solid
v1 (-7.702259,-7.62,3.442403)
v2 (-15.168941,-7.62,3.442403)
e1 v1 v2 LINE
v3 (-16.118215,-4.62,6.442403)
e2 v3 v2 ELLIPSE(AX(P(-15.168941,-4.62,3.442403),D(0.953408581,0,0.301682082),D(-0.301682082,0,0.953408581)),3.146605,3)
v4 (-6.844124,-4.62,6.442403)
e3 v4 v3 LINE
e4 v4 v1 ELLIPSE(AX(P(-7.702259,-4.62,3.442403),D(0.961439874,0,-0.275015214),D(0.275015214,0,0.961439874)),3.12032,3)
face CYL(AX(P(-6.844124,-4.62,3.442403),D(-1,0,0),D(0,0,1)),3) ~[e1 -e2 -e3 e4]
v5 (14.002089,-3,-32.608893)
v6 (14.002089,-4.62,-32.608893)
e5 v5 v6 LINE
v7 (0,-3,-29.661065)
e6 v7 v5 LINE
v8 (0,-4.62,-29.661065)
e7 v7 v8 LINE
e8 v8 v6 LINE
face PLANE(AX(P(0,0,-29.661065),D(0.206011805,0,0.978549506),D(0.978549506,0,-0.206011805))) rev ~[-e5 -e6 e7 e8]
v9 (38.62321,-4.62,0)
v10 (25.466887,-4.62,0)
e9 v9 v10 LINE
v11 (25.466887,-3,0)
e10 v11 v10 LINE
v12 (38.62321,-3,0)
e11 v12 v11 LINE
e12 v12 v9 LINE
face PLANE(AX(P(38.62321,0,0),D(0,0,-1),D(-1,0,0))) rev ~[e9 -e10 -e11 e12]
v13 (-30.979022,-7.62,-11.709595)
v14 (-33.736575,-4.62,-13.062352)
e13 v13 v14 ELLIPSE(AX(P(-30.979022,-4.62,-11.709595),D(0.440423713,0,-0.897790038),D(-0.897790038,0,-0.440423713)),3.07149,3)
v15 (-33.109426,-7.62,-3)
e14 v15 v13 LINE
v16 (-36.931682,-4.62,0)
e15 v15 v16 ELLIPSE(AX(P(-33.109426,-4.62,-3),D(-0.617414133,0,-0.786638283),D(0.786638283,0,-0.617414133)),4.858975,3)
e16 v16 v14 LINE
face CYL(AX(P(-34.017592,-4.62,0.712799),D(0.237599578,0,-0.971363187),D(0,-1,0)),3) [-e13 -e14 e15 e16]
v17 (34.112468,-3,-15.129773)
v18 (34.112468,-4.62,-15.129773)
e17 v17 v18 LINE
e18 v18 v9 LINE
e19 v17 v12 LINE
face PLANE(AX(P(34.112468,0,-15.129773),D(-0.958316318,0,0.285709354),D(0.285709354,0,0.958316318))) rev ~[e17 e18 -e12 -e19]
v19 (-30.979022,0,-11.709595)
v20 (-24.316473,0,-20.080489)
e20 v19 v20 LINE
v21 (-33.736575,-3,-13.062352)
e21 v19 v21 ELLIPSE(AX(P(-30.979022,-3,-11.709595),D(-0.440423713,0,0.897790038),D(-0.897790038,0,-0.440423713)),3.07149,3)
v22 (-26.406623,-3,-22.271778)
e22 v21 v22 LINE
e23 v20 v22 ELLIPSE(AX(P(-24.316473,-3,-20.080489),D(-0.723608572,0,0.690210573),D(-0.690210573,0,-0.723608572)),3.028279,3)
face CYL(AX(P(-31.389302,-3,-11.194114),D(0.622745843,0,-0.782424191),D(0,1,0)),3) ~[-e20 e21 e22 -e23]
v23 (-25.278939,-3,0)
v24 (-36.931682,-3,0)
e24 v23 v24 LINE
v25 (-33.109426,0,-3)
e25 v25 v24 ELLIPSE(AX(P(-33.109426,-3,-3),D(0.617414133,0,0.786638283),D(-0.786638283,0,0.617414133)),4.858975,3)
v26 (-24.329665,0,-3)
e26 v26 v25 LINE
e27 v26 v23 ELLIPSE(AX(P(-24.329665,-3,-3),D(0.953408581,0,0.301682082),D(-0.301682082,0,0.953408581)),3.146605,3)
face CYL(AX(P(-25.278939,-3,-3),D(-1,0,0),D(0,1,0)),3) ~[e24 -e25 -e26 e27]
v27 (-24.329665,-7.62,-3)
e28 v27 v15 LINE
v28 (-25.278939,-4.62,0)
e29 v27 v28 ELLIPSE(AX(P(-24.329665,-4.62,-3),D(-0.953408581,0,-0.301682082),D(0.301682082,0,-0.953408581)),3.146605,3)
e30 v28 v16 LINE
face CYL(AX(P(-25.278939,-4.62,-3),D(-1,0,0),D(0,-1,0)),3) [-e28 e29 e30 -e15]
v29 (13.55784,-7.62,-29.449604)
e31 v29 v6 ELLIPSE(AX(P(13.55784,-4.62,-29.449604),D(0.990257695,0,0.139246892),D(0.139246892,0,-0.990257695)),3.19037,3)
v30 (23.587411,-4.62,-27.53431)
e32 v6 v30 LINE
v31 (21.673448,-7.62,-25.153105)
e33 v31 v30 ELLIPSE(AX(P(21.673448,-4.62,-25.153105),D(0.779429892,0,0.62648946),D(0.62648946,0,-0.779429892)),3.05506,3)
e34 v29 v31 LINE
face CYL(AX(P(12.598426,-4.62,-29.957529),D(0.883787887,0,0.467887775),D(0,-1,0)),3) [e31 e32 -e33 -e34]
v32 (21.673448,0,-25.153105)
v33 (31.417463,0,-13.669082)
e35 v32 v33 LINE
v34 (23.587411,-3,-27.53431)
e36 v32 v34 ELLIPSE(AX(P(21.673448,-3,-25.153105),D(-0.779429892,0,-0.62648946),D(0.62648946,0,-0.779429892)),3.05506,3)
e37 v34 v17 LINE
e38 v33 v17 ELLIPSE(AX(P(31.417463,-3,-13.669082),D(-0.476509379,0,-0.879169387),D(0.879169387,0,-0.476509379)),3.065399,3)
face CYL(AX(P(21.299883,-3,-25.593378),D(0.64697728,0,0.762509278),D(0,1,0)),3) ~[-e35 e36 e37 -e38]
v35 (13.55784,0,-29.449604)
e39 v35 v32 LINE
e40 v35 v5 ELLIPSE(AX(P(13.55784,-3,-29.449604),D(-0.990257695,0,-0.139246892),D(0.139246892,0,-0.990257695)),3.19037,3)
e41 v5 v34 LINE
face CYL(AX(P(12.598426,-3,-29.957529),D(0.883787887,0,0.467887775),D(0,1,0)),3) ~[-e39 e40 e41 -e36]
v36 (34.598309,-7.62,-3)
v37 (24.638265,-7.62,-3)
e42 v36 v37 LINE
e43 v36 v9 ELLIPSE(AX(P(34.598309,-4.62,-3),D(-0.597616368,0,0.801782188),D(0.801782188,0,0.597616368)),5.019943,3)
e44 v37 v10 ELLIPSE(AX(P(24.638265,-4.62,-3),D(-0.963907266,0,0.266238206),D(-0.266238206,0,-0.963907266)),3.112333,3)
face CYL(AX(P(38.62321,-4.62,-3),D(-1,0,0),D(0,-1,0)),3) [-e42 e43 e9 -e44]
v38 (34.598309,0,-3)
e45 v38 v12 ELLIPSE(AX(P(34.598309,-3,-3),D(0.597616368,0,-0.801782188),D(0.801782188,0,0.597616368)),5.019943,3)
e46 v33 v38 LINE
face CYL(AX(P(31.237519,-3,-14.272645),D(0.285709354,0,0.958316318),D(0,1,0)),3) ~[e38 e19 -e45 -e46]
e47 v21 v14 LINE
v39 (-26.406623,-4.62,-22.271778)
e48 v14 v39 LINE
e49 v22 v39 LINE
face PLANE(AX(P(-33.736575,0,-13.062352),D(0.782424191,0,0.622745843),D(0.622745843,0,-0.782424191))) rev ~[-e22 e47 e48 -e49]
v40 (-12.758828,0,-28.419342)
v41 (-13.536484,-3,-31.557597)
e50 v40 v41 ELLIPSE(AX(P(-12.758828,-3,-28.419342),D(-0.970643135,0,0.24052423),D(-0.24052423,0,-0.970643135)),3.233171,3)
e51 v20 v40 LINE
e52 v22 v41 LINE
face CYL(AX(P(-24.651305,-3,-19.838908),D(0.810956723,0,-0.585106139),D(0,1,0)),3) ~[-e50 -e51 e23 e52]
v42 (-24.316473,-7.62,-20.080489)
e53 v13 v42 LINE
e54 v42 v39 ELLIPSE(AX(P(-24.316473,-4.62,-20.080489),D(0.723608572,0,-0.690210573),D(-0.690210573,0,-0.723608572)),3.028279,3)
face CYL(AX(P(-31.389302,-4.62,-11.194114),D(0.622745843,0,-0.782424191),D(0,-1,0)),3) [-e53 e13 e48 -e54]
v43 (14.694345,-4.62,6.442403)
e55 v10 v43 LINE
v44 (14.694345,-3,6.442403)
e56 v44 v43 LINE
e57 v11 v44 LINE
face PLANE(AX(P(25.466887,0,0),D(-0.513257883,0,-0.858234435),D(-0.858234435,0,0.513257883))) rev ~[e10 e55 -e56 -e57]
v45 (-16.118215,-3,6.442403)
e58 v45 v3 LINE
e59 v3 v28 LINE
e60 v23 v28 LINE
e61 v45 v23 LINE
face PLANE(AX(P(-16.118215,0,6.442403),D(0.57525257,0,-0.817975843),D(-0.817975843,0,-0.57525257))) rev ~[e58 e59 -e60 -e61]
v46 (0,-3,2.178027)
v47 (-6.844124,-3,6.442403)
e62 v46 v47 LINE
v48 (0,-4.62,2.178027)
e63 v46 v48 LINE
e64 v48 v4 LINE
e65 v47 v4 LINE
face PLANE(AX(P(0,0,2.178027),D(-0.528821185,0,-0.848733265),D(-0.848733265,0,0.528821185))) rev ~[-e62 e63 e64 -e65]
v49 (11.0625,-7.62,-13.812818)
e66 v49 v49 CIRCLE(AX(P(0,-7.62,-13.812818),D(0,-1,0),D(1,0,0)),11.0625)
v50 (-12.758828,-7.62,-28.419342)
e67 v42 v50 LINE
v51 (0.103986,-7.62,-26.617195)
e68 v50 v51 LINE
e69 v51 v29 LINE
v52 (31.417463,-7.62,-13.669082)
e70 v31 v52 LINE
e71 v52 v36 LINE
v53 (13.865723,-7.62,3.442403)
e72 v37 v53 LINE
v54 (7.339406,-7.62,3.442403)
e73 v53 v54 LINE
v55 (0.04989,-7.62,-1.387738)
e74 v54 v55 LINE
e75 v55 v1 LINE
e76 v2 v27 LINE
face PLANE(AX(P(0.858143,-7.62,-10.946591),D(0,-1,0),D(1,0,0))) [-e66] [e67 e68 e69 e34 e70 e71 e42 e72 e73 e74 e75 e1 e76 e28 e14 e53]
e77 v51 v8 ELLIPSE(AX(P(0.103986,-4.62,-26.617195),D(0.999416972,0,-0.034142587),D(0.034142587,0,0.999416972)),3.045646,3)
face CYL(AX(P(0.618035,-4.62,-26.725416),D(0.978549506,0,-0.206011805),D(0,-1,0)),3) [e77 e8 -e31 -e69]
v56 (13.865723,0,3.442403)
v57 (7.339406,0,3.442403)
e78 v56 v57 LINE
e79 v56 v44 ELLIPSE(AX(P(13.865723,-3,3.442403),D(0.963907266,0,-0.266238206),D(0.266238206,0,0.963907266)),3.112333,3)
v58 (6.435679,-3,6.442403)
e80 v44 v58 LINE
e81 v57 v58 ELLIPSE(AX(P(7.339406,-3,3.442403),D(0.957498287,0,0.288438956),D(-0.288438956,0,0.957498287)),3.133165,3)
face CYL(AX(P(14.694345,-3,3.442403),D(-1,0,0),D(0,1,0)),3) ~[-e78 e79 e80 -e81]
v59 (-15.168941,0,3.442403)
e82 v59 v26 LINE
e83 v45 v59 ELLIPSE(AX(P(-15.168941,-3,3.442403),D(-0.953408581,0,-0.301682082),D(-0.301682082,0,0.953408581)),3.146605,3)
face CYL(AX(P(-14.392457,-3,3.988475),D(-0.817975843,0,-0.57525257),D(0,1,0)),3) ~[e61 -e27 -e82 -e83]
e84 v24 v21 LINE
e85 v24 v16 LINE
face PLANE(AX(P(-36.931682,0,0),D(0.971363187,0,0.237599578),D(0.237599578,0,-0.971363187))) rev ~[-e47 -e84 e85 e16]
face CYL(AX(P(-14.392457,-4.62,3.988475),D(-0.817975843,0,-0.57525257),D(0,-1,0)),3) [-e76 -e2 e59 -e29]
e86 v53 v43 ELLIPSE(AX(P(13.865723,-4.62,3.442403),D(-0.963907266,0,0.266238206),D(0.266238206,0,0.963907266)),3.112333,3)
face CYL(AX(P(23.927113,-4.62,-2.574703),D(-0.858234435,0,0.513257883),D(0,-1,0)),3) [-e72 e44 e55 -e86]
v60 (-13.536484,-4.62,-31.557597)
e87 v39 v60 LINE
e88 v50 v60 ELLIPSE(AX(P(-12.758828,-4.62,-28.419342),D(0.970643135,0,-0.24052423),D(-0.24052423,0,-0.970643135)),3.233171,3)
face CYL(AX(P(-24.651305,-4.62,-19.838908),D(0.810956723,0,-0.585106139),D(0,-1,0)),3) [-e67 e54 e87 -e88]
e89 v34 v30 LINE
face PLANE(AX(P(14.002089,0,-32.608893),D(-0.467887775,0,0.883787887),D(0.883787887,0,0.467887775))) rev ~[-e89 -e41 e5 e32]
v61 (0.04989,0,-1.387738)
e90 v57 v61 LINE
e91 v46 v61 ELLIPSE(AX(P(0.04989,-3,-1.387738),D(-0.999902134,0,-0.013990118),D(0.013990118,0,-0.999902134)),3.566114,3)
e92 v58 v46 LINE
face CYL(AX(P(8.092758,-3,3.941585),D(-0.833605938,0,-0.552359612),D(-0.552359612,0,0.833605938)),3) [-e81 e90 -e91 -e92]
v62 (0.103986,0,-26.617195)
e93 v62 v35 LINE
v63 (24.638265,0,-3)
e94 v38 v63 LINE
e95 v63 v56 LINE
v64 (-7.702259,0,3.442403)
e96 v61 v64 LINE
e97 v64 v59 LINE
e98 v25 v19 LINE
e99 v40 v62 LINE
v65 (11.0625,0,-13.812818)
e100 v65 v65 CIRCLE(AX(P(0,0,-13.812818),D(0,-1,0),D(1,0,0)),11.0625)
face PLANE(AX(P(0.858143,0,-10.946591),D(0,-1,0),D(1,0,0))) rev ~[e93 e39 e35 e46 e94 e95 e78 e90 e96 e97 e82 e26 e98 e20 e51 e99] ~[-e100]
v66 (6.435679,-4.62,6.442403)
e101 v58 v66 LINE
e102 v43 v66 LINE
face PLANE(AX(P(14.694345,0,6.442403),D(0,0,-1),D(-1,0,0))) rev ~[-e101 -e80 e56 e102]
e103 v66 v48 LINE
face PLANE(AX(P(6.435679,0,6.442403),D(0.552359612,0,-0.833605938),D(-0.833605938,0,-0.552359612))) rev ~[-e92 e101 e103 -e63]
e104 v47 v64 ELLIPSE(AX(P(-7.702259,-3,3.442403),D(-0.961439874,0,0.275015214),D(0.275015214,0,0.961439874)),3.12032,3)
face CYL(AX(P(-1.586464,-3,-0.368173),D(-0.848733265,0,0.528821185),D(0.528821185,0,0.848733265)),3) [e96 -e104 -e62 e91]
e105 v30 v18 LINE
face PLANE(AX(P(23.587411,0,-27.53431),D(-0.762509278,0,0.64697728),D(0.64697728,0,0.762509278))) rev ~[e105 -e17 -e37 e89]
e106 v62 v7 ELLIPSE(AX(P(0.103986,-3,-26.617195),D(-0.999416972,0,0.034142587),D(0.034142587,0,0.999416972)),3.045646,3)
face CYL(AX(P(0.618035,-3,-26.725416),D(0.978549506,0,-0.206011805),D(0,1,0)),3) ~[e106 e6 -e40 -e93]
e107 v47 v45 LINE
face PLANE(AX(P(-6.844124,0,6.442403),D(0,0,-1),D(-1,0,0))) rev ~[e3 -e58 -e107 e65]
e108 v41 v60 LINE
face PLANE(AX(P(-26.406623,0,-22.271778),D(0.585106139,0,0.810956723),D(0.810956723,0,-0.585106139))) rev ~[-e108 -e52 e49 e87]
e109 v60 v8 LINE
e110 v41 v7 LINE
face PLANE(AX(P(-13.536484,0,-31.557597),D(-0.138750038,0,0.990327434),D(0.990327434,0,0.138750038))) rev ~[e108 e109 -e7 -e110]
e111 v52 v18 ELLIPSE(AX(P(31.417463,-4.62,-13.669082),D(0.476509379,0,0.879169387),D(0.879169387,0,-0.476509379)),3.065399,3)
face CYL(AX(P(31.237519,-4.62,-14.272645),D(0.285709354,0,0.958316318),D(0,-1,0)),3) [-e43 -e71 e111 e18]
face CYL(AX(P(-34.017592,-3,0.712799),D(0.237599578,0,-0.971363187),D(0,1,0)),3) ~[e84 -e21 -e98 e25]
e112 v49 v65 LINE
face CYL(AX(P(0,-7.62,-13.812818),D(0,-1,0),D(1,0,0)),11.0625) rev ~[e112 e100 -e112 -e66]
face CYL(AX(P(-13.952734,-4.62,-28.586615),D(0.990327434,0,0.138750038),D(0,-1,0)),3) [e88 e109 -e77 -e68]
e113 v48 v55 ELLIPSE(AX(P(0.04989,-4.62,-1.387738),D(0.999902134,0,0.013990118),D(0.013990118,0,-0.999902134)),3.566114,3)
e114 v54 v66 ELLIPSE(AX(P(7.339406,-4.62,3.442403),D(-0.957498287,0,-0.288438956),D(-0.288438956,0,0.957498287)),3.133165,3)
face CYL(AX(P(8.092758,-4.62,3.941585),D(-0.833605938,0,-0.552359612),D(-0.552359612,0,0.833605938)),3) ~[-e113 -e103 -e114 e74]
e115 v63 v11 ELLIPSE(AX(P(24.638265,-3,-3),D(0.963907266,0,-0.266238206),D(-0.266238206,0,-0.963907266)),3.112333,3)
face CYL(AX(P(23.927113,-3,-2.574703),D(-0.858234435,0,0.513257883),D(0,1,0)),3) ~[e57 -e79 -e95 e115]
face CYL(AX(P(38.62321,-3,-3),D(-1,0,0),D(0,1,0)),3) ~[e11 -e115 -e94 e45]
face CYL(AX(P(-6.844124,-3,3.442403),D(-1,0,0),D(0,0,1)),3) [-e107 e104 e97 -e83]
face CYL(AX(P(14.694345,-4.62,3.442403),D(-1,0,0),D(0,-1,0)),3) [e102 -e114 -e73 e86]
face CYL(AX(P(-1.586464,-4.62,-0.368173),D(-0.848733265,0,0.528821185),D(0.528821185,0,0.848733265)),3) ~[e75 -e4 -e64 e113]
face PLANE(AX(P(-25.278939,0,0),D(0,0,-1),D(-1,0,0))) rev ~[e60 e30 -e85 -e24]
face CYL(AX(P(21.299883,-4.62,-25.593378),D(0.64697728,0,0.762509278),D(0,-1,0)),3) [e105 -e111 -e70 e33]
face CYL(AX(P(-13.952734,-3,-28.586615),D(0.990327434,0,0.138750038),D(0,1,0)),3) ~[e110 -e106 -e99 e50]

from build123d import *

# Parameters (mm, degrees)
F1_DEPTH = 7.62
F2_R     = 11.0625
F3_DEPTH = 10
F4_R     = 3


with BuildPart() as f1:
    # F0 (on Front) → F1 (new body)
    with BuildSketch(Plane.XZ):
        Polygon((0, 2.178027), (-6.844124, 6.442403), (-16.118215, 6.442403), (-25.278939, 0), (-36.931682, 0), (-33.736575, -13.062352), (-26.406623, -22.271778), (-13.536484, -31.557597), (0, -29.661065), (14.002089, -32.608893), (23.587411, -27.53431), (34.112468, -15.129773), (38.62321, 0), (25.466887, 0), (14.694345, 6.442403), (6.435679, 6.442403), align=None)
    extrude(amount=F1_DEPTH)

    # F2 (on face) → F3 (cut)
    with BuildSketch(Plane.XZ.offset(7.62)):
        with Locations((0, -13.812818)):
            Circle(F2_R)
    extrude(amount=-F3_DEPTH, mode=Mode.SUBTRACT)

    # F4
    f4_edges = [f1.edges().sort_by_distance(p)[0] for p in [
        (-35.334129, -7.62, -6.531176),
        (-30.071599, -7.62, -17.667065),
        (-19.971554, -7.62, -26.914688),
        (-6.768242, -7.62, -30.609331),
        (7.001045, -7.62, -31.134979),
        (18.79475, -7.62, -30.071601),
        (28.84994, -7.62, -21.332041),
        (36.367839, -7.62, -7.564886),
        (32.045049, -7.62, 0),
        (20.080616, -7.62, 3.221201),
        (10.565012, -7.62, 6.442403),
        (3.21784, -7.62, 4.310215),
        (-3.422062, -7.62, 4.310215),
        (-11.481169, -7.62, 6.442403),
        (-20.698577, -7.62, 3.221201),
        (-31.105311, -7.62, 0),
        (-31.105311, 0, 0),
        (-35.334129, 0, -6.531176),
        (-30.071599, 0, -17.667065),
        (-19.971554, 0, -26.914688),
        (-6.768242, 0, -30.609331),
        (7.001045, 0, -31.134979),
        (18.79475, 0, -30.071601),
        (28.84994, 0, -21.332041),
        (36.367839, 0, -7.564886),
        (32.045049, 0, 0),
        (20.080616, 0, 3.221201),
        (10.565012, 0, 6.442403),
        (3.21784, 0, 4.310215),
        (-3.422062, 0, 4.310215),
        (-11.481169, 0, 6.442403),
        (-20.698577, 0, 3.221201),
    ]]
    fillet(f4_edges, radius=F4_R)


solid = f1.part
